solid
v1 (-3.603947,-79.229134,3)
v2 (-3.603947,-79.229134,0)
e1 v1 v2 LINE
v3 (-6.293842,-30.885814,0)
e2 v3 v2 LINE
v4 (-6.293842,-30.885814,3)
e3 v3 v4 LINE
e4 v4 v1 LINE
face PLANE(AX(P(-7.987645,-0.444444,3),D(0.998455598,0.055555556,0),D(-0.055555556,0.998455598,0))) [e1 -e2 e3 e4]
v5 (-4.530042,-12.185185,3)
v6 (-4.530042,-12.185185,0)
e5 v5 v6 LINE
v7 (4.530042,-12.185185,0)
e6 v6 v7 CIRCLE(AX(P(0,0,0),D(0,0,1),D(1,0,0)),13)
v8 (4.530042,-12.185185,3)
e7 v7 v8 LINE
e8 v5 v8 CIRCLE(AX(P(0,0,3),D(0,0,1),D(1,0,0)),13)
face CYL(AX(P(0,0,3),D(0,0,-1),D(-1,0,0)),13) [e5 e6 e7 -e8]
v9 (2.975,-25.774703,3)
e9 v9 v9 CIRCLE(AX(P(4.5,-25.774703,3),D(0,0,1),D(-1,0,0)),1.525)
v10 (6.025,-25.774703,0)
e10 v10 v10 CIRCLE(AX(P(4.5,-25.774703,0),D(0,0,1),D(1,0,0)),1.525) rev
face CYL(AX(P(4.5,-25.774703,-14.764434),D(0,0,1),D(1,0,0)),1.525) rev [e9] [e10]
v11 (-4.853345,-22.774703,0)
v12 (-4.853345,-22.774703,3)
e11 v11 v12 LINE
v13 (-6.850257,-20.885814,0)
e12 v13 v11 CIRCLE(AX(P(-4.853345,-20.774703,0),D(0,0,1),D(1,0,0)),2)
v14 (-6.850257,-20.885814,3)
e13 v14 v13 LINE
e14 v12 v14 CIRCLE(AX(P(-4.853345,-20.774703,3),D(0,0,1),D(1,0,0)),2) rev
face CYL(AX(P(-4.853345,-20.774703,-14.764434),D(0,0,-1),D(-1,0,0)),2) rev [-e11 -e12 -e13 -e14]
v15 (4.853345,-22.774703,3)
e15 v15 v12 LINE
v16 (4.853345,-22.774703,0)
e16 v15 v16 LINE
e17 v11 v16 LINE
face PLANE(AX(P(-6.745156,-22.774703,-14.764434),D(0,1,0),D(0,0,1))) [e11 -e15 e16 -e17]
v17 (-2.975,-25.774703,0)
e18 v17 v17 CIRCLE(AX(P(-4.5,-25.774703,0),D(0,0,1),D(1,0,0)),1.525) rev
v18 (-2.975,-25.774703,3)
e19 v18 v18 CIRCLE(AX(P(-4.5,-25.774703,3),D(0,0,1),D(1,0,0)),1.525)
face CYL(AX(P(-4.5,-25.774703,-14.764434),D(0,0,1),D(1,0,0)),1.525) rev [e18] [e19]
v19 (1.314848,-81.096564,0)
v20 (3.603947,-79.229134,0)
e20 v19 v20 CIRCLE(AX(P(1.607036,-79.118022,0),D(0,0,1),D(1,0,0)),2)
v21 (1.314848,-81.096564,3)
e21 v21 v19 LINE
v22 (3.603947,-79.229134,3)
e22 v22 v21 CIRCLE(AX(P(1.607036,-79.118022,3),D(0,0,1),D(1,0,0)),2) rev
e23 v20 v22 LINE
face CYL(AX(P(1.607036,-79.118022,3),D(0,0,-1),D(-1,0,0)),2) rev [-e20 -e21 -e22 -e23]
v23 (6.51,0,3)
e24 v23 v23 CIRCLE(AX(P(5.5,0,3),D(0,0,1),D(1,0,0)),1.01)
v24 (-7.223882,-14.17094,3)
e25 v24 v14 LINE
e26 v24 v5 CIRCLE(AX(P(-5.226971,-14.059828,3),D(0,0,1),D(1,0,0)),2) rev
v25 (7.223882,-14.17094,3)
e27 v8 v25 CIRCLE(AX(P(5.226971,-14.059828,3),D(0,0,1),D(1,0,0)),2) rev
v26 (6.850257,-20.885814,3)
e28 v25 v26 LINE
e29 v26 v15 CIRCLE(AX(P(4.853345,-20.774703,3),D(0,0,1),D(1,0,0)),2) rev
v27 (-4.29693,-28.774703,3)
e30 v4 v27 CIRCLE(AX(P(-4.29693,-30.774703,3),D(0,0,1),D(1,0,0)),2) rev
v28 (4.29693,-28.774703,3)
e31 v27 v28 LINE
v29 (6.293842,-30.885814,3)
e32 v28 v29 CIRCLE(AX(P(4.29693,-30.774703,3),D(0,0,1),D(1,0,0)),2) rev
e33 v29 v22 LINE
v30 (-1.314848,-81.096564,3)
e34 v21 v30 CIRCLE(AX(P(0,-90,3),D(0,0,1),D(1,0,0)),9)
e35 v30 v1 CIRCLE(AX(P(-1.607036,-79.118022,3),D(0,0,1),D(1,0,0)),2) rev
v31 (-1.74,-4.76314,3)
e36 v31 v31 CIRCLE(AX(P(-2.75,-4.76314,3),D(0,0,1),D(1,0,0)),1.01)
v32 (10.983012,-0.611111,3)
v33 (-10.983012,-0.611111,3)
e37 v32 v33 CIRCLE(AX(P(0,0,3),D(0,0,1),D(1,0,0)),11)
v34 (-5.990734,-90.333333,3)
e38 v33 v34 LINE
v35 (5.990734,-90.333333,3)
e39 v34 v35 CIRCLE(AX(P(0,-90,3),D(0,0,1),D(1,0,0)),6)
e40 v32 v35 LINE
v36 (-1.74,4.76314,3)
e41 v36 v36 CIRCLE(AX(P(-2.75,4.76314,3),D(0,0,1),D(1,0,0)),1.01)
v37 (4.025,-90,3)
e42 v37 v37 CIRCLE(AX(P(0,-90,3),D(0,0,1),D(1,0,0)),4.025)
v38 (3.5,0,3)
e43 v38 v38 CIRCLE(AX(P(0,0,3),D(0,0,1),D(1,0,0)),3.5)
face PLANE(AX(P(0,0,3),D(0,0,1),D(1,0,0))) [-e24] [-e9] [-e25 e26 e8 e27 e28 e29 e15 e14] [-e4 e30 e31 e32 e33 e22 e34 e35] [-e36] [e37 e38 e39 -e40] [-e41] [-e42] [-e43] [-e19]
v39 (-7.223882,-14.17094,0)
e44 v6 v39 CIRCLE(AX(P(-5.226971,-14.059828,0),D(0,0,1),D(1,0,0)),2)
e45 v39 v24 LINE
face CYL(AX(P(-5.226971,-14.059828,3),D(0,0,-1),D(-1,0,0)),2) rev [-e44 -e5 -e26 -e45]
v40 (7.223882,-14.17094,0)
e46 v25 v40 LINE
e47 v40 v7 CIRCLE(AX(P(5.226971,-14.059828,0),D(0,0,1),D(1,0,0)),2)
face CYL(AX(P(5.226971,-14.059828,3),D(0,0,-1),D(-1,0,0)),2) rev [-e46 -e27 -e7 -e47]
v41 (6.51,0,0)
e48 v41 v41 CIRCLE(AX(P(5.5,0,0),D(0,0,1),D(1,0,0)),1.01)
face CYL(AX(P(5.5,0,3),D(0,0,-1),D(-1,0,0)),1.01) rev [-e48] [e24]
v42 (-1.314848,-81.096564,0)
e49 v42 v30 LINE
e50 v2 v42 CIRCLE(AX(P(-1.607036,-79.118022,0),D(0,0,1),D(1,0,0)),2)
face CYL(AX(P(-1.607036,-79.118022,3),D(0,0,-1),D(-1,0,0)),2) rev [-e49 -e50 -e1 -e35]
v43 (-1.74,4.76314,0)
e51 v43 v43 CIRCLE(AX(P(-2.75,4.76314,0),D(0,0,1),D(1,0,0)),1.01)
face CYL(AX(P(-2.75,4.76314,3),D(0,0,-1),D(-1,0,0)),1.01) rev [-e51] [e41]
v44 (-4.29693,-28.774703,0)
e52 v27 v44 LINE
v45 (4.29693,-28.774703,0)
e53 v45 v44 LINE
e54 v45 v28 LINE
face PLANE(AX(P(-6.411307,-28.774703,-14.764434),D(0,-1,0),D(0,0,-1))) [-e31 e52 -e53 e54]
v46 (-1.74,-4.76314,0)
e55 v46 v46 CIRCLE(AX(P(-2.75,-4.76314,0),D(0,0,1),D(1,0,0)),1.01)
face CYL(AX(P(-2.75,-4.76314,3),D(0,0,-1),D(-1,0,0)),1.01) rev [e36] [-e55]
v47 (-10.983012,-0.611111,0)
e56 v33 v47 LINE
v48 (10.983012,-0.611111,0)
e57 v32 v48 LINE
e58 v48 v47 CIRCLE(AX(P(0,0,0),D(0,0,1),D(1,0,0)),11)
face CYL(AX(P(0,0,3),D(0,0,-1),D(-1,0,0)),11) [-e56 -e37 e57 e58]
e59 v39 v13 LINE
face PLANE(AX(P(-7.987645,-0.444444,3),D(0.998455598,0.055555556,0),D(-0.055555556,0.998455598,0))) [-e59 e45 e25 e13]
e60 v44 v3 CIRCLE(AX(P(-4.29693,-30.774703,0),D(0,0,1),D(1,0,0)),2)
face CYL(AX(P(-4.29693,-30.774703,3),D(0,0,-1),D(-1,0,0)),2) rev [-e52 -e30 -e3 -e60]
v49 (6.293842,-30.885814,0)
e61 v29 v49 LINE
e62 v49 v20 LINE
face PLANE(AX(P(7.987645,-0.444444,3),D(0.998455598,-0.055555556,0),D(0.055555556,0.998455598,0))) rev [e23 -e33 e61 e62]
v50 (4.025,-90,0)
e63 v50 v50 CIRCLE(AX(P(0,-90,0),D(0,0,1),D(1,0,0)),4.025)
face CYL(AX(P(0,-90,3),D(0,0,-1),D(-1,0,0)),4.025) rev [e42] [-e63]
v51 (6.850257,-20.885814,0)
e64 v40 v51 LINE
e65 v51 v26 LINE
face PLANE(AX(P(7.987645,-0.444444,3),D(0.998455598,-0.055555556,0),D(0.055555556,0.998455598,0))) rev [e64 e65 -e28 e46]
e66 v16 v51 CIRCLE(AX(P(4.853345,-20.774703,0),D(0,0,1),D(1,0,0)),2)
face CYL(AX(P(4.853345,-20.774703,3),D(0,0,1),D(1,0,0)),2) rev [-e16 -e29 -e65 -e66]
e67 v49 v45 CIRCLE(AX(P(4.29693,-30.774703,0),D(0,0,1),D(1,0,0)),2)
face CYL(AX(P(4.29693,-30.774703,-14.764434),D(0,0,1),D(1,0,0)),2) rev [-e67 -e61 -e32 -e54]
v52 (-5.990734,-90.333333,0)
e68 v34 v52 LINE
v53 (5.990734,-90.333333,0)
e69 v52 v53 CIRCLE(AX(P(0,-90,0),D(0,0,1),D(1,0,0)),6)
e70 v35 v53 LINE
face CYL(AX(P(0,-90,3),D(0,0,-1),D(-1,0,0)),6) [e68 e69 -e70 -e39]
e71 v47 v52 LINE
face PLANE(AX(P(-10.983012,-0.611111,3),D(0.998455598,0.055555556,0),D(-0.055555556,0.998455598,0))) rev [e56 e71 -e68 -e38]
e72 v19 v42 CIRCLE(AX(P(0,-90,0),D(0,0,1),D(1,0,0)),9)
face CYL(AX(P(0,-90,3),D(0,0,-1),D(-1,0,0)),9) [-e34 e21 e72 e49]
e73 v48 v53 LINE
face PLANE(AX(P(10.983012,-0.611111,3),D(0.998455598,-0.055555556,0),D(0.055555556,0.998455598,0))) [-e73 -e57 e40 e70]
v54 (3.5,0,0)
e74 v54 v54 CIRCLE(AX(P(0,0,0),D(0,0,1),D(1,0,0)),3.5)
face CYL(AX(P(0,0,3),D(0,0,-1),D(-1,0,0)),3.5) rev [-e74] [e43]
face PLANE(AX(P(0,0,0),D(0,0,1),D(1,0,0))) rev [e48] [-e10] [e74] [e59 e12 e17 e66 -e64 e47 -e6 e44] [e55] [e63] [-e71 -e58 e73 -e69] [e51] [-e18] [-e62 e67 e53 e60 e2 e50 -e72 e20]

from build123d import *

# Parameters (mm, degrees)
SKETCH_1_R      = 11
SKETCH_1_R_2    = 3.5
SKETCH_1_R_3    = 1.01
SKETCH_1_R_4    = 6
SKETCH_1_R_5    = 4.025
EXTRUDE_1_DEPTH = 3
SKETCH_2_R      = 1.525
EXTRUDE_2_DEPTH = 3
FILLET_1_R      = 2


with BuildPart() as part:
    # 草图1 → 凸台-拉伸1 (new body)
    # profile 1 of 3: a face of its own
    with BuildSketch(Plane.XY):
        with BuildLine():
            ThreePointArc((10.983011573, -0.611111111), (0, -11), (-10.983011573, -0.611111111))
            Line((-10.983011573, -0.611111111), (-5.990733585, -90.333333333))
            ThreePointArc((-5.990733585, -90.333333333), (-0.166731054, -84.002317051), (6, -90))
            ThreePointArc((6, -90), (5.997682949, -90.166731054), (5.990733585, -90.333333333))
            Line((5.990733585, -90.333333333), (10.983011573, -0.611111111))
        make_face()
        with BuildLine():
            Line((-3.466771313, -81.694489982), (-7.418369738, -10.675569794))
            ThreePointArc((-7.418369738, -10.675569794), (0, -13), (7.418369738, -10.675569794))
            Line((7.418369738, -10.675569794), (3.466771313, -81.694489982))
            ThreePointArc((3.466771313, -81.694489982), (0, -81), (-3.466771313, -81.694489982))
        make_face(mode=Mode.SUBTRACT)
    # profile 2 of 3: a face of its own
    with BuildSketch(Plane.XY):
        Circle(SKETCH_1_R)
        Circle(SKETCH_1_R_2, mode=Mode.SUBTRACT)
        with Locations((-2.75, 4.763139721)):
            Circle(SKETCH_1_R_3, mode=Mode.SUBTRACT)
        with Locations((-2.75, -4.763139721)):
            Circle(SKETCH_1_R_3, mode=Mode.SUBTRACT)
        with Locations((5.5, 0)):
            Circle(SKETCH_1_R_3, mode=Mode.SUBTRACT)
    # profile 3 of 3: a face of its own
    with BuildSketch(Plane.XY):
        with Locations((0, -90)):
            Circle(SKETCH_1_R_4)
        with Locations((0, -90)):
            Circle(SKETCH_1_R_5, mode=Mode.SUBTRACT)
    extrude(amount=EXTRUDE_1_DEPTH)

    # 草图2 → 凸台-拉伸2 (add)
    with BuildSketch(Plane.XY.offset(3)):
        Polygon((-6.745155967, -22.774702841), (6.745155967, -22.774702841), (6.411307036, -28.774702841), (-6.411307036, -28.774702841), align=None)
        with Locations((-4.5, -25.774702841)):
            Circle(SKETCH_2_R, mode=Mode.SUBTRACT)
        with Locations((4.5, -25.774702841)):
            Circle(SKETCH_2_R, mode=Mode.SUBTRACT)
    extrude(amount=-EXTRUDE_2_DEPTH)

    # 圆角1
    fillet_1_edges = [part.edges().sort_by_distance(p)[0] for p in [
        (7.418369738, -10.675569794, 1.5),
        (-7.418369738, -10.675569794, 1.5),
        (-3.466771313, -81.694489982, 1.5),
        (3.466771313, -81.694489982, 1.5),
        (6.411307036, -28.774702841, 1.5),
        (6.745155967, -22.774702841, 1.5),
        (-6.745155967, -22.774702841, 1.5),
        (-6.411307036, -28.774702841, 1.5),
    ]]
    fillet(fillet_1_edges, radius=FILLET_1_R)


solid = part.part
